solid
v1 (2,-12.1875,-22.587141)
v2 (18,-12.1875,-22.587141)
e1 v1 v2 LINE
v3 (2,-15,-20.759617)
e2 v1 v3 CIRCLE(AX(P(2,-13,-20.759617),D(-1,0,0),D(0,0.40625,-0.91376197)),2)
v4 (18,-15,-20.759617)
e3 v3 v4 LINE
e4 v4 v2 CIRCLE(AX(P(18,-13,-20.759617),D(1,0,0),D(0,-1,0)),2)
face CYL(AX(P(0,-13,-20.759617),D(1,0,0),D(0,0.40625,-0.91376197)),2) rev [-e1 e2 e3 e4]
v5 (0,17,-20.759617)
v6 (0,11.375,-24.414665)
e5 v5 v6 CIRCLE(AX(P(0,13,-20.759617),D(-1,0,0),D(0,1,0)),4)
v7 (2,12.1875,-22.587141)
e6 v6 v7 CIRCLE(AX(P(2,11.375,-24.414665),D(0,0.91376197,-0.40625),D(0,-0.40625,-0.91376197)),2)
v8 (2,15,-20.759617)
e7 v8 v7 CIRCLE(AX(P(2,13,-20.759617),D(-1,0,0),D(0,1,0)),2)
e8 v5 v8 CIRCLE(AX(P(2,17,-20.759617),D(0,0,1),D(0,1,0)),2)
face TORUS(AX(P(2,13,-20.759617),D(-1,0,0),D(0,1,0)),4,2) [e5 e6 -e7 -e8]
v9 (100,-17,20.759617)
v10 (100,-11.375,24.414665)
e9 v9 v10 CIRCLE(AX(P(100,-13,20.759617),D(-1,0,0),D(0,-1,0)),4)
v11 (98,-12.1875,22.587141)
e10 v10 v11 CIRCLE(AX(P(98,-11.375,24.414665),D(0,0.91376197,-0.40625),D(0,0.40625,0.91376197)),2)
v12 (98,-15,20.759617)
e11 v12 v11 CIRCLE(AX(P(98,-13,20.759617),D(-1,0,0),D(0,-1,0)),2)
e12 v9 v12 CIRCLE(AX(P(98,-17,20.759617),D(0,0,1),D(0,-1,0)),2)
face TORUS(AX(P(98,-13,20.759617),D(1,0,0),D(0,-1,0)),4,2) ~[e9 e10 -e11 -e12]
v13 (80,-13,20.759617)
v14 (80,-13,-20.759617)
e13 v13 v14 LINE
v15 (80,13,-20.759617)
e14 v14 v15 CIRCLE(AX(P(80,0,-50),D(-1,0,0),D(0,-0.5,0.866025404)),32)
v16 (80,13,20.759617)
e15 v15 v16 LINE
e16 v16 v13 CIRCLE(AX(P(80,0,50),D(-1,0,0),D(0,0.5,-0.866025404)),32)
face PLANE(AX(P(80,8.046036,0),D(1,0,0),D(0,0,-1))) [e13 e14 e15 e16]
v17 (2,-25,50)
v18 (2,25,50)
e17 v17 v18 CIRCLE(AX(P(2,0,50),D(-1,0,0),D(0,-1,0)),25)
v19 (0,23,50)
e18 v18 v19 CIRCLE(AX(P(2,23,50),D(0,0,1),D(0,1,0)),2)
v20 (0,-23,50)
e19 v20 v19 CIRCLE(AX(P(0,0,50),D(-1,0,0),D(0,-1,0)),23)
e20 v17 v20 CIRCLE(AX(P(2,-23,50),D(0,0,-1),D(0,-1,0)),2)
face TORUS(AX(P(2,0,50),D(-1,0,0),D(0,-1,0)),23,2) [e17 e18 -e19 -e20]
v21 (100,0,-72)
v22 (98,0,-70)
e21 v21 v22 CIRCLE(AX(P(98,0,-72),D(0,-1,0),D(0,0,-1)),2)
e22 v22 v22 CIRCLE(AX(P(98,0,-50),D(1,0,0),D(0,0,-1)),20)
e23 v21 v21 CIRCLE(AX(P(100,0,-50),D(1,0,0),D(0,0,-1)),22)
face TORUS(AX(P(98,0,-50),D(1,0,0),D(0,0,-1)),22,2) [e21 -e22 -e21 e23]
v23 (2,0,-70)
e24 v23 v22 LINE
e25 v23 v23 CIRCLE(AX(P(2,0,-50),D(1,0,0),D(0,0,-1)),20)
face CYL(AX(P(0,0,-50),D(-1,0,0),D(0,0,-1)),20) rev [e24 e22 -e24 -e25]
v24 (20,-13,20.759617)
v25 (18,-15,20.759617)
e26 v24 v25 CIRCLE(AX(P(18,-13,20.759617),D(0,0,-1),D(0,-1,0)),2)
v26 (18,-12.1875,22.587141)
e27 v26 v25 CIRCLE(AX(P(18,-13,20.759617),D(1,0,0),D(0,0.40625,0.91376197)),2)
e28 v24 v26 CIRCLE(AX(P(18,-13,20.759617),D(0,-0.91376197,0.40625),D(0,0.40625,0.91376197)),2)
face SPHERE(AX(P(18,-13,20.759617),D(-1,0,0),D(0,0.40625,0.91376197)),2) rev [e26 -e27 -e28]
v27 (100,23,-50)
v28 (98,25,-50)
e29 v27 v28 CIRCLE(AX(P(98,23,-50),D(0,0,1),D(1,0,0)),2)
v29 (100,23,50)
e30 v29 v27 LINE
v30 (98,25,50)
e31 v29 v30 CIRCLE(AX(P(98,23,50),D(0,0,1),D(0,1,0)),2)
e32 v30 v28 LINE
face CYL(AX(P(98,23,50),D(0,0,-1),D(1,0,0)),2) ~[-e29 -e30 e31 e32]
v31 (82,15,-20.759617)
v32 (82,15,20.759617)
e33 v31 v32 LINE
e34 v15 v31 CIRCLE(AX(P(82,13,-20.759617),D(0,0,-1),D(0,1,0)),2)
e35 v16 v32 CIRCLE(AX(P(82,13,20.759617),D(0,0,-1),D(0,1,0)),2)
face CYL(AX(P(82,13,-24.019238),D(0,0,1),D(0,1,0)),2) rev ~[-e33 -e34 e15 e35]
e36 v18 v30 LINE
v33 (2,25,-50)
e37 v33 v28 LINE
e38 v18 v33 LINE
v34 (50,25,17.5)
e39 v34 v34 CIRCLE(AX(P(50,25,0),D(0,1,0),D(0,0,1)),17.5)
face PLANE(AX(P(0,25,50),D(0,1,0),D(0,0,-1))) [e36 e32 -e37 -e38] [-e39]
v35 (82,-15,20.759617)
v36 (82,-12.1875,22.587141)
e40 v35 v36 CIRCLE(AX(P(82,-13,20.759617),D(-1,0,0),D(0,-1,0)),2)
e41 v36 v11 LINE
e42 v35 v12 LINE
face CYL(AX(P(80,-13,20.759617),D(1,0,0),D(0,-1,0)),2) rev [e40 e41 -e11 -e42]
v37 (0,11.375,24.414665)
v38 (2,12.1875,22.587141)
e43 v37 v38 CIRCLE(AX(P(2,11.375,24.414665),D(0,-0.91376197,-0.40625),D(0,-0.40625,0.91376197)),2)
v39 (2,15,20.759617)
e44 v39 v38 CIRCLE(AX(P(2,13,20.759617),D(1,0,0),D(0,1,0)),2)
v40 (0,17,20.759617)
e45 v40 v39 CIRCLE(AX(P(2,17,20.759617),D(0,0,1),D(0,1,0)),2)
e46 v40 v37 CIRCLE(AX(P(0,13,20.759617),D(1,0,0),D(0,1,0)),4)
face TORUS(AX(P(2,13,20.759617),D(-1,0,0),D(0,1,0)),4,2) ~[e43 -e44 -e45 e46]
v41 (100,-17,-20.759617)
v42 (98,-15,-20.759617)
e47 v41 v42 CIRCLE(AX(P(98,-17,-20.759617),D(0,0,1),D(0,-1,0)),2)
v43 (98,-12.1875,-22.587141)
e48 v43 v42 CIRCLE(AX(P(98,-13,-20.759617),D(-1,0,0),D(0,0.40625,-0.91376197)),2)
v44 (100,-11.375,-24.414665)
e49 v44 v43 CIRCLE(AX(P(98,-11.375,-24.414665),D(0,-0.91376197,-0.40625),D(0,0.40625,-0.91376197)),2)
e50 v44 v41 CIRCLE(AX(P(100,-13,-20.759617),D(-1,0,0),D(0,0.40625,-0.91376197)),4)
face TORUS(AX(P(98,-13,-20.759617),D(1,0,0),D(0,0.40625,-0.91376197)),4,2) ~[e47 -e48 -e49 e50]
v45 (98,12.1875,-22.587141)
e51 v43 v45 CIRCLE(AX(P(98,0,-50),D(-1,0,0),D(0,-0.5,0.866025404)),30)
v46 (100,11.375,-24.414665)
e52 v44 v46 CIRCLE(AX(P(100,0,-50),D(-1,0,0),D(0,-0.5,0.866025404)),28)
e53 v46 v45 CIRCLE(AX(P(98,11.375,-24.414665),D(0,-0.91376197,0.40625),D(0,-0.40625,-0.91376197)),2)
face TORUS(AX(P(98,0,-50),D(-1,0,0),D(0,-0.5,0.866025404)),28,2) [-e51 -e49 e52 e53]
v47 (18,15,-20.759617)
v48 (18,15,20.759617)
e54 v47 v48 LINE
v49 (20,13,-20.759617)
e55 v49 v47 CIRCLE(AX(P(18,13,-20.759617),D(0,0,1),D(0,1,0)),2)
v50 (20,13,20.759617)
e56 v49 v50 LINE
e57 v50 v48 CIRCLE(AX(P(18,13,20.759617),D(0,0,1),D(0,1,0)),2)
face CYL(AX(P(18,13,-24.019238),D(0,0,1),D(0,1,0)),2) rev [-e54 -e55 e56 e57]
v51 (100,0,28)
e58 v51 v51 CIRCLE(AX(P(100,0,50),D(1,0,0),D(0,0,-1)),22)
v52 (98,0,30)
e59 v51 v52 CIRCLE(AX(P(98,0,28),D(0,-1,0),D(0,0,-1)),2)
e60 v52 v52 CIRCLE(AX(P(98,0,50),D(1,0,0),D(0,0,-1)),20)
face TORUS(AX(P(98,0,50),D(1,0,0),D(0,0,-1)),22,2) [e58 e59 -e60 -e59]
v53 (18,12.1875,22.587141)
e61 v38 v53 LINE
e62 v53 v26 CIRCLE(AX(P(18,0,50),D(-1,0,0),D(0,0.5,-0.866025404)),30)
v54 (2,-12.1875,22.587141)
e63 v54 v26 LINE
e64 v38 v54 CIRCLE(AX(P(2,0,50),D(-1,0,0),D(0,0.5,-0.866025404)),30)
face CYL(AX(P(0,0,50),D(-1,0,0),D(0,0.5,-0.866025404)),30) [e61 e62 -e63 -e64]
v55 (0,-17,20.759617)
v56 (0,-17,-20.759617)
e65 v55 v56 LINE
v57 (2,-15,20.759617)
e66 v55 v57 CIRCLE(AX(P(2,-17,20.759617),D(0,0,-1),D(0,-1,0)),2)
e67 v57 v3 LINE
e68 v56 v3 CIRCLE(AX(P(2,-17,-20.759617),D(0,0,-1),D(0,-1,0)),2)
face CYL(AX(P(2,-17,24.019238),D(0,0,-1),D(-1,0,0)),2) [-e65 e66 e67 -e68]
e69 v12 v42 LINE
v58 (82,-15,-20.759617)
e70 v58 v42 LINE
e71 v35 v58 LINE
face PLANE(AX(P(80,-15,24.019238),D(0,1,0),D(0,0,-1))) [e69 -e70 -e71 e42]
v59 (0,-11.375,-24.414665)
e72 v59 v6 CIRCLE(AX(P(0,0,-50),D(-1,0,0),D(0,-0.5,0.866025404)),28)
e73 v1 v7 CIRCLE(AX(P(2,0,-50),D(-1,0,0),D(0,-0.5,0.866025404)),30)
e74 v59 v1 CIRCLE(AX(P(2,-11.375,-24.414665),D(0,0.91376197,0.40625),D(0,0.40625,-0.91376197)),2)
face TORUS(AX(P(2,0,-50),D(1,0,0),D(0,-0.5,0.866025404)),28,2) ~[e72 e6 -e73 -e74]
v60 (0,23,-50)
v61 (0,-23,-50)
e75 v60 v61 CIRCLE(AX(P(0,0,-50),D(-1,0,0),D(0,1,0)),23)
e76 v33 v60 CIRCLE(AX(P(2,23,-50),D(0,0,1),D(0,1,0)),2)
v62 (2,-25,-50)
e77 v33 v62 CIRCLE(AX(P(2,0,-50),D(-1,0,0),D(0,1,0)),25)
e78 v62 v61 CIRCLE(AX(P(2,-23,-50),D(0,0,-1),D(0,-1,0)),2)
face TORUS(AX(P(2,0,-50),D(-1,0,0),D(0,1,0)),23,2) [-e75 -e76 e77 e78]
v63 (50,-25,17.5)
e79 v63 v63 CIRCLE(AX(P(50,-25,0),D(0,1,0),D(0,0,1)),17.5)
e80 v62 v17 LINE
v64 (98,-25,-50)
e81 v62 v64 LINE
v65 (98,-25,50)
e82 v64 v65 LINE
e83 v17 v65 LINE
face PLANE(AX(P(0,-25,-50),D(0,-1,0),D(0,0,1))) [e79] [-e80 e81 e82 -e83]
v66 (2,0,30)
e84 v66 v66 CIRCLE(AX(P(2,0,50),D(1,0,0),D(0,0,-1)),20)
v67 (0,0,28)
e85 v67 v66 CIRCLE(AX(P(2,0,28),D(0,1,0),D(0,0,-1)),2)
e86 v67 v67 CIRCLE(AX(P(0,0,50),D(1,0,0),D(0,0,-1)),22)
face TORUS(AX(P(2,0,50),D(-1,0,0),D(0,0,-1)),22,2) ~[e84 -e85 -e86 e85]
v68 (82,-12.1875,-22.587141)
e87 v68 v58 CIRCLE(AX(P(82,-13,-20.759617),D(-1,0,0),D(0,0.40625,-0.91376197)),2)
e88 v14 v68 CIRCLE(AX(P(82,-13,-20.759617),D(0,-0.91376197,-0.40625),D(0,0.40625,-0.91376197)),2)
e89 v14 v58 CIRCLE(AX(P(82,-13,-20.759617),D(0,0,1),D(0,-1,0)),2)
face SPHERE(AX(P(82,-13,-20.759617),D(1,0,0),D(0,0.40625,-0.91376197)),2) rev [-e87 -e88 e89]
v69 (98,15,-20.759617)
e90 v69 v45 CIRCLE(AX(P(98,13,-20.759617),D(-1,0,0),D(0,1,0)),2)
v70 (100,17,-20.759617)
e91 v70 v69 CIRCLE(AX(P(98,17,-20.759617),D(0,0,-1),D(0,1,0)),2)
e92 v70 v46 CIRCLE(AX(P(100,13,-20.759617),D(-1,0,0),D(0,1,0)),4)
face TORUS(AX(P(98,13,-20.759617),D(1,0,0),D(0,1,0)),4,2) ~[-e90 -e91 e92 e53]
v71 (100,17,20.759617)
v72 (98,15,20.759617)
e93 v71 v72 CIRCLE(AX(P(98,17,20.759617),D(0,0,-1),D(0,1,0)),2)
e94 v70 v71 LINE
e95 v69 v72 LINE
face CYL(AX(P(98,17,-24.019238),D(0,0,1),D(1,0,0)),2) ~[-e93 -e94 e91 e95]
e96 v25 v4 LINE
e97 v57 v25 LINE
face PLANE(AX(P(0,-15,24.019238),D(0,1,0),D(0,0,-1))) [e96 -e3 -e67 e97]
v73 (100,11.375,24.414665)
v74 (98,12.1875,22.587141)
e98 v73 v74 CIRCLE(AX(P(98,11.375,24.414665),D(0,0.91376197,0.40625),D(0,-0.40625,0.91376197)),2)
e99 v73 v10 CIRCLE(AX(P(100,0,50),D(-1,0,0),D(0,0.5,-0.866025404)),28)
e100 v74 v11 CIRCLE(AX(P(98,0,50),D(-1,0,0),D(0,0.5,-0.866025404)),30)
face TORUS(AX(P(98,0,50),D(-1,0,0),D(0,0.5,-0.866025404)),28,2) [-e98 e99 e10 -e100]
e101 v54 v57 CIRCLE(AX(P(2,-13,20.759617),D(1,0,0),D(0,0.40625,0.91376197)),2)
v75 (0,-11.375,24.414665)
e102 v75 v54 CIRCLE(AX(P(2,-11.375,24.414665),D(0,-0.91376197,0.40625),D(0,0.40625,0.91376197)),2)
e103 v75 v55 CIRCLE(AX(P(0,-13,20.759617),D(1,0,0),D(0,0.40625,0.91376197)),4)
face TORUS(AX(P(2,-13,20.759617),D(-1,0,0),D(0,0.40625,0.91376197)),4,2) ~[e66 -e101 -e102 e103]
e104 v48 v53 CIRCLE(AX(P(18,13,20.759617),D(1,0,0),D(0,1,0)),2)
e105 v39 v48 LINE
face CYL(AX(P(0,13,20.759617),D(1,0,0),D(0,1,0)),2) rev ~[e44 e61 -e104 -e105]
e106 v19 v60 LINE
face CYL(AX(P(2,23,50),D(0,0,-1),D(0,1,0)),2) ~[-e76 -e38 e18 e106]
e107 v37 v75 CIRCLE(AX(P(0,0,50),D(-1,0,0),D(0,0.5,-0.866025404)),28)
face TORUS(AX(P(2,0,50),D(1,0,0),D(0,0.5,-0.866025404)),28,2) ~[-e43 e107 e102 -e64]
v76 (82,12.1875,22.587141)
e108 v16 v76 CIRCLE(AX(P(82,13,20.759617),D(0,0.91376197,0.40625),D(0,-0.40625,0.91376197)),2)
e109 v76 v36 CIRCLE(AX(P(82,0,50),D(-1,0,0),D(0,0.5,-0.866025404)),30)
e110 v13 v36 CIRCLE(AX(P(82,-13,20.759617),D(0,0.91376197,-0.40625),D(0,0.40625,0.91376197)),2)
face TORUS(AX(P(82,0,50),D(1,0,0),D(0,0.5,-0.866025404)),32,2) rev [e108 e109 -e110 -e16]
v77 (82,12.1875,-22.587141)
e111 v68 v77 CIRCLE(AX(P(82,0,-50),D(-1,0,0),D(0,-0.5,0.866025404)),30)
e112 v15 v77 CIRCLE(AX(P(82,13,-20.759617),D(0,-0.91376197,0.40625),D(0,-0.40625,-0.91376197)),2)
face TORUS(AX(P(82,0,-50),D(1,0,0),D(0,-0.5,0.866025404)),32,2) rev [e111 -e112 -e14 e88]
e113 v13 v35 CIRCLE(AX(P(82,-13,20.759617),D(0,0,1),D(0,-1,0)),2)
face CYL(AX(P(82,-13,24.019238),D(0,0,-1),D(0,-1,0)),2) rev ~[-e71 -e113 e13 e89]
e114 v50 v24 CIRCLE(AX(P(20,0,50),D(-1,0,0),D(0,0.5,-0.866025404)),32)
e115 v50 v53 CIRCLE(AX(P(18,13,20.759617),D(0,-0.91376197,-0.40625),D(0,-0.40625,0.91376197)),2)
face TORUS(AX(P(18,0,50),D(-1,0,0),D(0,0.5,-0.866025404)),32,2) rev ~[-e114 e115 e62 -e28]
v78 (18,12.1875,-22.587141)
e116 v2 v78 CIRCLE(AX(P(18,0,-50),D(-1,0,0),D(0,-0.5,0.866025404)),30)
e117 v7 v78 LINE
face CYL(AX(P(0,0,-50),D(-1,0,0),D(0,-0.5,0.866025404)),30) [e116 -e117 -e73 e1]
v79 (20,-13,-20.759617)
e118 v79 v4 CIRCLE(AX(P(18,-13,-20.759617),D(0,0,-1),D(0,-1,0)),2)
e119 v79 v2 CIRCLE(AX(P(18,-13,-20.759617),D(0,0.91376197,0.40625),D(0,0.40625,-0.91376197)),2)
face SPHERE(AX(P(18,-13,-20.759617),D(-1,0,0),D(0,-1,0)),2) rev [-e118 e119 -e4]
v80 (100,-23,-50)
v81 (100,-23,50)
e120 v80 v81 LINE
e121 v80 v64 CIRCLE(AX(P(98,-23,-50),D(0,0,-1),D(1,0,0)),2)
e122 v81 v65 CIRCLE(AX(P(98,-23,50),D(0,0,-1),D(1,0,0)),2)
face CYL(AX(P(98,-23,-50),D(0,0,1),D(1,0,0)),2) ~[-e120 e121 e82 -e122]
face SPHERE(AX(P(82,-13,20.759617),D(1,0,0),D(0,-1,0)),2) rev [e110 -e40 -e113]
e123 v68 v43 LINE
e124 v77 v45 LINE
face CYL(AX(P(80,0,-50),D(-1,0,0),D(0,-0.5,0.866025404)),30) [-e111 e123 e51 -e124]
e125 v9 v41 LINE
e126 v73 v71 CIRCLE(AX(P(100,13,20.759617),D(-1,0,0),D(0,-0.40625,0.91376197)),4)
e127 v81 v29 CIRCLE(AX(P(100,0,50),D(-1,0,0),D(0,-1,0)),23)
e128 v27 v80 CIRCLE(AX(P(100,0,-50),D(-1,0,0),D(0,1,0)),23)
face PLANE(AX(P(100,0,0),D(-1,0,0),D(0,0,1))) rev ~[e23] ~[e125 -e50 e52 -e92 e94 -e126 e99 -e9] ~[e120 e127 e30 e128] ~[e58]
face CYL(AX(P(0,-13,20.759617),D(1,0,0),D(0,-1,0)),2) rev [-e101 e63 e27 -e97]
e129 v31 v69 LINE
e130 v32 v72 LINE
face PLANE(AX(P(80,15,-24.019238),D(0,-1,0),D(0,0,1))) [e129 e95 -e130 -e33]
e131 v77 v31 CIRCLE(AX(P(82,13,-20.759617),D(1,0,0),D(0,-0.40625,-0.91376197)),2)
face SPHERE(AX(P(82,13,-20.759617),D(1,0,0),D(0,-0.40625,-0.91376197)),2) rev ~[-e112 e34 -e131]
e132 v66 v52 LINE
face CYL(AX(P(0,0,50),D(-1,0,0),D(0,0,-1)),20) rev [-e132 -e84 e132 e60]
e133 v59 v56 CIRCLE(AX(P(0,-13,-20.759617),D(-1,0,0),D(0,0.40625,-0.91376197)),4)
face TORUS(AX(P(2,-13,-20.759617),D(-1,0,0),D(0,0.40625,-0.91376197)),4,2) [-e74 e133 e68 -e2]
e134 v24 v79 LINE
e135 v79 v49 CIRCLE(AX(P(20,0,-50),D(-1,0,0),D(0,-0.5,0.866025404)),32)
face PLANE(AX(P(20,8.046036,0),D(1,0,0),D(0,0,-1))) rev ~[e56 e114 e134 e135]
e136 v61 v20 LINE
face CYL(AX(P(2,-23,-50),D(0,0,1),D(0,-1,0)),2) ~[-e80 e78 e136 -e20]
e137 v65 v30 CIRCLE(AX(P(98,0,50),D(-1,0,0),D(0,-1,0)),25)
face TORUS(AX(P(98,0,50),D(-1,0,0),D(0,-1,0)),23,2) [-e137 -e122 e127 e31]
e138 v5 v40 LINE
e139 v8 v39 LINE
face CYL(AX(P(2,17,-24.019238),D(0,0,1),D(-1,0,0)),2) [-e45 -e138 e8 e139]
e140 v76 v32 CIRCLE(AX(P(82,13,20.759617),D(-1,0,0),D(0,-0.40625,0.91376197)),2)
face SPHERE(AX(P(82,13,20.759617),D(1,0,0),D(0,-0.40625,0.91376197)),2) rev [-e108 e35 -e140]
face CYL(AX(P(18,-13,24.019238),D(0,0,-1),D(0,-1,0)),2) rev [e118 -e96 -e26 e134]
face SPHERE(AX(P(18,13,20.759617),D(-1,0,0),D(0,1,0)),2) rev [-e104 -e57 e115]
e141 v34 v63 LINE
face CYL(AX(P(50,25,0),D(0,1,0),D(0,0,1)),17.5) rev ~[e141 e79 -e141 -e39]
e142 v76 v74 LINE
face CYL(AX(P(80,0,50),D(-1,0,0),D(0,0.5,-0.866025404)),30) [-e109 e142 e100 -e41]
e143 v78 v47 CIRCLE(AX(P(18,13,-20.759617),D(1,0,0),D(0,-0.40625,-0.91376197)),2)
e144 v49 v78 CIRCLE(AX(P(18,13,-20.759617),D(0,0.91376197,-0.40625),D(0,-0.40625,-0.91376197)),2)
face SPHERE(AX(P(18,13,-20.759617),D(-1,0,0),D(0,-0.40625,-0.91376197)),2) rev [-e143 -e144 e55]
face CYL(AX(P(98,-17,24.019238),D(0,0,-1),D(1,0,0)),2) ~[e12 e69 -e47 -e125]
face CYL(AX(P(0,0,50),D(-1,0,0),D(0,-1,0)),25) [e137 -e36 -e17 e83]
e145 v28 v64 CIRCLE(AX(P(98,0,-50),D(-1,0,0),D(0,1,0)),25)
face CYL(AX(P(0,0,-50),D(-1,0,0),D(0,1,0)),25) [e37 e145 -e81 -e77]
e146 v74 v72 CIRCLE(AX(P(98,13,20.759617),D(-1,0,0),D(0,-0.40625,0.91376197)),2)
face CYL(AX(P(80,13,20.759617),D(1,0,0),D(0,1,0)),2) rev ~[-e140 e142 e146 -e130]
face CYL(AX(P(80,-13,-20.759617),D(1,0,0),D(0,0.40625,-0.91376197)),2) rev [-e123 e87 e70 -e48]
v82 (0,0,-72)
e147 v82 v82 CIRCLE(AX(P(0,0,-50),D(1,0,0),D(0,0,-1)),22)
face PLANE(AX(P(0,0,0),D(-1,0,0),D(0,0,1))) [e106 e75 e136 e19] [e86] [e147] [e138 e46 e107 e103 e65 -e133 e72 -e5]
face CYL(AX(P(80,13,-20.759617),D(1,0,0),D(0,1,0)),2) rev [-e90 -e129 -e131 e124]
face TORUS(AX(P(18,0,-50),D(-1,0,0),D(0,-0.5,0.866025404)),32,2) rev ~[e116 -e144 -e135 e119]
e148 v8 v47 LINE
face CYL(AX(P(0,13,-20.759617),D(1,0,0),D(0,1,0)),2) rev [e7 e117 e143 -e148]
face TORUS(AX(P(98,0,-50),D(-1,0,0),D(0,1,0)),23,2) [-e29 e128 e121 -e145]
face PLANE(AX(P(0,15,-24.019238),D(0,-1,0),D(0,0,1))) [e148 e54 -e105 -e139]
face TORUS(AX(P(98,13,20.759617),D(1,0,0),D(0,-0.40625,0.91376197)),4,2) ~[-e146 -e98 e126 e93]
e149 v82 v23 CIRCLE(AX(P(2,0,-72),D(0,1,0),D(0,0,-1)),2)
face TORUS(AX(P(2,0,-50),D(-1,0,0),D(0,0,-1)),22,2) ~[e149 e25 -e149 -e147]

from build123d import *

# Parameters (mm, degrees)
SKETCH1_R           = 20
SKETCH1_R_2         = 20.000000000000004
BOSS_EXTRUDE1_DEPTH = 100
CUT_EXTRUDE1_DEPTH  = 20
CUT_EXTRUDE2_START  = 80
CUT_EXTRUDE2_DEPTH  = 20
SKETCH2_R           = 17.500000000000007
CUT_EXTRUDE3_DEPTH  = 135.62912017836263
FILLET1_R           = 2


with BuildPart() as part:
    # Sketch1 → Boss-Extrude1 (new body)
    with BuildSketch(Plane(origin=(0, 0, 0), x_dir=(0, 0, -1), z_dir=(1, 0, 0))):
        with BuildLine():
            Line((-50.00000000000004, 24.999999999999993), (50.00000000000004, 24.999999999999993))
            ThreePointArc((50.00000000000004, 24.999999999999993), (75.00000000000003, 0), (50.00000000000004, -24.999999999999993))
            Line((50.00000000000004, -24.999999999999993), (-50.00000000000004, -24.999999999999993))
            ThreePointArc((-50.00000000000004, -24.999999999999993), (-75.00000000000003, 3.06e-15), (-50.00000000000004, 24.999999999999993))
        make_face()
        with Locations((-50.00000000000004, 0)):
            Circle(SKETCH1_R, mode=Mode.SUBTRACT)
        with Locations((50.00000000000004, 0)):
            Circle(SKETCH1_R_2, mode=Mode.SUBTRACT)
    extrude(amount=BOSS_EXTRUDE1_DEPTH)

    # Sketch1<3> → Cut-Extrude1 (cut)
    with BuildSketch(Plane(origin=(0, 0, 0), x_dir=(0, 0, -1), z_dir=(1, 0, 0))):
        with BuildLine():
            ThreePointArc((-24.019237886466847, 15.000000000000014), (-21.022225211328, 7.7645713530758), (-20, 3.5261e-13))
            Line((-19.999999999999996, 0), (20, 0))
            ThreePointArc((20.000000000000004, 3.5616e-13), (21.022225211328006, 7.764571353075802), (24.01923788646685, 15.00000000000001))
            Line((24.01923788646685, 15.000000000000009), (-24.01923788646685, 15.000000000000009))
        make_face()
        with BuildLine():
            Line((20, 0), (-19.999999999999996, 0))
            ThreePointArc((-20, 3.5261e-13), (-21.022225211327907, -7.7645713530754525), (-24.01923788646684, -15))
            Line((-24.019237886466843, -14.999999999999995), (24.019237886466836, -14.999999999999993))
            ThreePointArc((24.019237886466843, -14.999999999999993), (21.022225211327907, -7.764571353075449), (20.000000000000004, 3.5616e-13))
        make_face()
    extrude(amount=CUT_EXTRUDE1_DEPTH, mode=Mode.SUBTRACT)

    # Sketch1<4> → Cut-Extrude2 (cut)
    with BuildSketch(Plane(origin=(0, 0, 0), x_dir=(0, 0, -1), z_dir=(1, 0, 0)).offset(CUT_EXTRUDE2_START)):
        with BuildLine():
            ThreePointArc((-24.019237886466847, 15.000000000000014), (-21.022225211328, 7.7645713530758), (-20, 3.5261e-13))
            Line((-19.999999999999996, 0), (20, 0))
            ThreePointArc((20.000000000000004, 3.5616e-13), (21.022225211328006, 7.764571353075802), (24.01923788646685, 15.00000000000001))
            Line((24.01923788646685, 15.000000000000009), (-24.01923788646685, 15.000000000000009))
        make_face()
        with BuildLine():
            Line((20, 0), (-19.999999999999996, 0))
            ThreePointArc((-20, 3.5261e-13), (-21.022225211327907, -7.7645713530754525), (-24.01923788646684, -15))
            Line((-24.019237886466843, -14.999999999999995), (24.019237886466836, -14.999999999999993))
            ThreePointArc((24.019237886466843, -14.999999999999993), (21.022225211327907, -7.764571353075449), (20.000000000000004, 3.5616e-13))
        make_face()
    extrude(amount=CUT_EXTRUDE2_DEPTH, mode=Mode.SUBTRACT)

    # Sketch2 → Cut-Extrude3 (cut, through all)
    with BuildSketch(Plane(origin=(0, 24.999999999999993, 0), x_dir=(1, 0, 0), z_dir=(0, 1, 0))):
        with Locations(Location((50, 0, 0), (0, 0, 270))):
            Circle(SKETCH2_R)
    extrude(amount=-CUT_EXTRUDE3_DEPTH, mode=Mode.SUBTRACT)

    # Fillet1
    fillet1_edges = [part.edges().sort_by_distance(p)[0] for p in [
        (0, 2.45e-15, -30.00000000000004),
        (100, 2.45e-15, 70.00000000000004),
        (100, -24.999999999999993, 0),
        (100, 5.31e-15, -75.00000000000003),
        (0, 1.11e-14, 20.000000000000004),
        (10, 15.00000000000001, 24.019237886466847),
        (0, -14.999999999999993, 3.55e-15),
        (10, -14.999999999999996, 24.01923788646684),
        (20, 8.22e-15, -20),
        (10, -14.999999999999993, -24.01923788646684),
        (20, 15.000000000000009, 0),
        (10, 15.00000000000001, -24.01923788646685),
        (20, 5.33e-15, 19.999999999999996),
        (20, -14.999999999999993, 3.55e-15),
        (0, 15.000000000000009, 0),
        (0, 9.77e-15, -20),
        (100, 24.999999999999993, 0),
        (100, -2.64e-15, 75.00000000000003),
        (80, 15.000000000000009, 0),
        (90, 15.00000000000001, 24.019237886466847),
        (100, 8.22e-15, -20),
        (90, 15.00000000000001, -24.01923788646685),
        (100, -14.999999999999993, 3.55e-15),
        (90, -14.999999999999993, -24.01923788646684),
        (100, 5.33e-15, 19.999999999999996),
        (90, -14.999999999999996, 24.01923788646684),
        (80, 9.77e-15, -20),
        (80, -14.999999999999993, 3.55e-15),
        (80, 1.11e-14, 20.000000000000004),
        (100, 15.000000000000009, 0),
        (100, 2.45e-15, -30.00000000000004),
        (0, -2.64e-15, 75.00000000000003),
        (0, 24.999999999999993, 0),
        (0, 5.31e-15, -75.00000000000003),
        (0, -24.999999999999993, 0),
        (0, 2.45e-15, 70.00000000000004),
    ]]
    fillet(fillet1_edges, radius=FILLET1_R)


solid = part.part
